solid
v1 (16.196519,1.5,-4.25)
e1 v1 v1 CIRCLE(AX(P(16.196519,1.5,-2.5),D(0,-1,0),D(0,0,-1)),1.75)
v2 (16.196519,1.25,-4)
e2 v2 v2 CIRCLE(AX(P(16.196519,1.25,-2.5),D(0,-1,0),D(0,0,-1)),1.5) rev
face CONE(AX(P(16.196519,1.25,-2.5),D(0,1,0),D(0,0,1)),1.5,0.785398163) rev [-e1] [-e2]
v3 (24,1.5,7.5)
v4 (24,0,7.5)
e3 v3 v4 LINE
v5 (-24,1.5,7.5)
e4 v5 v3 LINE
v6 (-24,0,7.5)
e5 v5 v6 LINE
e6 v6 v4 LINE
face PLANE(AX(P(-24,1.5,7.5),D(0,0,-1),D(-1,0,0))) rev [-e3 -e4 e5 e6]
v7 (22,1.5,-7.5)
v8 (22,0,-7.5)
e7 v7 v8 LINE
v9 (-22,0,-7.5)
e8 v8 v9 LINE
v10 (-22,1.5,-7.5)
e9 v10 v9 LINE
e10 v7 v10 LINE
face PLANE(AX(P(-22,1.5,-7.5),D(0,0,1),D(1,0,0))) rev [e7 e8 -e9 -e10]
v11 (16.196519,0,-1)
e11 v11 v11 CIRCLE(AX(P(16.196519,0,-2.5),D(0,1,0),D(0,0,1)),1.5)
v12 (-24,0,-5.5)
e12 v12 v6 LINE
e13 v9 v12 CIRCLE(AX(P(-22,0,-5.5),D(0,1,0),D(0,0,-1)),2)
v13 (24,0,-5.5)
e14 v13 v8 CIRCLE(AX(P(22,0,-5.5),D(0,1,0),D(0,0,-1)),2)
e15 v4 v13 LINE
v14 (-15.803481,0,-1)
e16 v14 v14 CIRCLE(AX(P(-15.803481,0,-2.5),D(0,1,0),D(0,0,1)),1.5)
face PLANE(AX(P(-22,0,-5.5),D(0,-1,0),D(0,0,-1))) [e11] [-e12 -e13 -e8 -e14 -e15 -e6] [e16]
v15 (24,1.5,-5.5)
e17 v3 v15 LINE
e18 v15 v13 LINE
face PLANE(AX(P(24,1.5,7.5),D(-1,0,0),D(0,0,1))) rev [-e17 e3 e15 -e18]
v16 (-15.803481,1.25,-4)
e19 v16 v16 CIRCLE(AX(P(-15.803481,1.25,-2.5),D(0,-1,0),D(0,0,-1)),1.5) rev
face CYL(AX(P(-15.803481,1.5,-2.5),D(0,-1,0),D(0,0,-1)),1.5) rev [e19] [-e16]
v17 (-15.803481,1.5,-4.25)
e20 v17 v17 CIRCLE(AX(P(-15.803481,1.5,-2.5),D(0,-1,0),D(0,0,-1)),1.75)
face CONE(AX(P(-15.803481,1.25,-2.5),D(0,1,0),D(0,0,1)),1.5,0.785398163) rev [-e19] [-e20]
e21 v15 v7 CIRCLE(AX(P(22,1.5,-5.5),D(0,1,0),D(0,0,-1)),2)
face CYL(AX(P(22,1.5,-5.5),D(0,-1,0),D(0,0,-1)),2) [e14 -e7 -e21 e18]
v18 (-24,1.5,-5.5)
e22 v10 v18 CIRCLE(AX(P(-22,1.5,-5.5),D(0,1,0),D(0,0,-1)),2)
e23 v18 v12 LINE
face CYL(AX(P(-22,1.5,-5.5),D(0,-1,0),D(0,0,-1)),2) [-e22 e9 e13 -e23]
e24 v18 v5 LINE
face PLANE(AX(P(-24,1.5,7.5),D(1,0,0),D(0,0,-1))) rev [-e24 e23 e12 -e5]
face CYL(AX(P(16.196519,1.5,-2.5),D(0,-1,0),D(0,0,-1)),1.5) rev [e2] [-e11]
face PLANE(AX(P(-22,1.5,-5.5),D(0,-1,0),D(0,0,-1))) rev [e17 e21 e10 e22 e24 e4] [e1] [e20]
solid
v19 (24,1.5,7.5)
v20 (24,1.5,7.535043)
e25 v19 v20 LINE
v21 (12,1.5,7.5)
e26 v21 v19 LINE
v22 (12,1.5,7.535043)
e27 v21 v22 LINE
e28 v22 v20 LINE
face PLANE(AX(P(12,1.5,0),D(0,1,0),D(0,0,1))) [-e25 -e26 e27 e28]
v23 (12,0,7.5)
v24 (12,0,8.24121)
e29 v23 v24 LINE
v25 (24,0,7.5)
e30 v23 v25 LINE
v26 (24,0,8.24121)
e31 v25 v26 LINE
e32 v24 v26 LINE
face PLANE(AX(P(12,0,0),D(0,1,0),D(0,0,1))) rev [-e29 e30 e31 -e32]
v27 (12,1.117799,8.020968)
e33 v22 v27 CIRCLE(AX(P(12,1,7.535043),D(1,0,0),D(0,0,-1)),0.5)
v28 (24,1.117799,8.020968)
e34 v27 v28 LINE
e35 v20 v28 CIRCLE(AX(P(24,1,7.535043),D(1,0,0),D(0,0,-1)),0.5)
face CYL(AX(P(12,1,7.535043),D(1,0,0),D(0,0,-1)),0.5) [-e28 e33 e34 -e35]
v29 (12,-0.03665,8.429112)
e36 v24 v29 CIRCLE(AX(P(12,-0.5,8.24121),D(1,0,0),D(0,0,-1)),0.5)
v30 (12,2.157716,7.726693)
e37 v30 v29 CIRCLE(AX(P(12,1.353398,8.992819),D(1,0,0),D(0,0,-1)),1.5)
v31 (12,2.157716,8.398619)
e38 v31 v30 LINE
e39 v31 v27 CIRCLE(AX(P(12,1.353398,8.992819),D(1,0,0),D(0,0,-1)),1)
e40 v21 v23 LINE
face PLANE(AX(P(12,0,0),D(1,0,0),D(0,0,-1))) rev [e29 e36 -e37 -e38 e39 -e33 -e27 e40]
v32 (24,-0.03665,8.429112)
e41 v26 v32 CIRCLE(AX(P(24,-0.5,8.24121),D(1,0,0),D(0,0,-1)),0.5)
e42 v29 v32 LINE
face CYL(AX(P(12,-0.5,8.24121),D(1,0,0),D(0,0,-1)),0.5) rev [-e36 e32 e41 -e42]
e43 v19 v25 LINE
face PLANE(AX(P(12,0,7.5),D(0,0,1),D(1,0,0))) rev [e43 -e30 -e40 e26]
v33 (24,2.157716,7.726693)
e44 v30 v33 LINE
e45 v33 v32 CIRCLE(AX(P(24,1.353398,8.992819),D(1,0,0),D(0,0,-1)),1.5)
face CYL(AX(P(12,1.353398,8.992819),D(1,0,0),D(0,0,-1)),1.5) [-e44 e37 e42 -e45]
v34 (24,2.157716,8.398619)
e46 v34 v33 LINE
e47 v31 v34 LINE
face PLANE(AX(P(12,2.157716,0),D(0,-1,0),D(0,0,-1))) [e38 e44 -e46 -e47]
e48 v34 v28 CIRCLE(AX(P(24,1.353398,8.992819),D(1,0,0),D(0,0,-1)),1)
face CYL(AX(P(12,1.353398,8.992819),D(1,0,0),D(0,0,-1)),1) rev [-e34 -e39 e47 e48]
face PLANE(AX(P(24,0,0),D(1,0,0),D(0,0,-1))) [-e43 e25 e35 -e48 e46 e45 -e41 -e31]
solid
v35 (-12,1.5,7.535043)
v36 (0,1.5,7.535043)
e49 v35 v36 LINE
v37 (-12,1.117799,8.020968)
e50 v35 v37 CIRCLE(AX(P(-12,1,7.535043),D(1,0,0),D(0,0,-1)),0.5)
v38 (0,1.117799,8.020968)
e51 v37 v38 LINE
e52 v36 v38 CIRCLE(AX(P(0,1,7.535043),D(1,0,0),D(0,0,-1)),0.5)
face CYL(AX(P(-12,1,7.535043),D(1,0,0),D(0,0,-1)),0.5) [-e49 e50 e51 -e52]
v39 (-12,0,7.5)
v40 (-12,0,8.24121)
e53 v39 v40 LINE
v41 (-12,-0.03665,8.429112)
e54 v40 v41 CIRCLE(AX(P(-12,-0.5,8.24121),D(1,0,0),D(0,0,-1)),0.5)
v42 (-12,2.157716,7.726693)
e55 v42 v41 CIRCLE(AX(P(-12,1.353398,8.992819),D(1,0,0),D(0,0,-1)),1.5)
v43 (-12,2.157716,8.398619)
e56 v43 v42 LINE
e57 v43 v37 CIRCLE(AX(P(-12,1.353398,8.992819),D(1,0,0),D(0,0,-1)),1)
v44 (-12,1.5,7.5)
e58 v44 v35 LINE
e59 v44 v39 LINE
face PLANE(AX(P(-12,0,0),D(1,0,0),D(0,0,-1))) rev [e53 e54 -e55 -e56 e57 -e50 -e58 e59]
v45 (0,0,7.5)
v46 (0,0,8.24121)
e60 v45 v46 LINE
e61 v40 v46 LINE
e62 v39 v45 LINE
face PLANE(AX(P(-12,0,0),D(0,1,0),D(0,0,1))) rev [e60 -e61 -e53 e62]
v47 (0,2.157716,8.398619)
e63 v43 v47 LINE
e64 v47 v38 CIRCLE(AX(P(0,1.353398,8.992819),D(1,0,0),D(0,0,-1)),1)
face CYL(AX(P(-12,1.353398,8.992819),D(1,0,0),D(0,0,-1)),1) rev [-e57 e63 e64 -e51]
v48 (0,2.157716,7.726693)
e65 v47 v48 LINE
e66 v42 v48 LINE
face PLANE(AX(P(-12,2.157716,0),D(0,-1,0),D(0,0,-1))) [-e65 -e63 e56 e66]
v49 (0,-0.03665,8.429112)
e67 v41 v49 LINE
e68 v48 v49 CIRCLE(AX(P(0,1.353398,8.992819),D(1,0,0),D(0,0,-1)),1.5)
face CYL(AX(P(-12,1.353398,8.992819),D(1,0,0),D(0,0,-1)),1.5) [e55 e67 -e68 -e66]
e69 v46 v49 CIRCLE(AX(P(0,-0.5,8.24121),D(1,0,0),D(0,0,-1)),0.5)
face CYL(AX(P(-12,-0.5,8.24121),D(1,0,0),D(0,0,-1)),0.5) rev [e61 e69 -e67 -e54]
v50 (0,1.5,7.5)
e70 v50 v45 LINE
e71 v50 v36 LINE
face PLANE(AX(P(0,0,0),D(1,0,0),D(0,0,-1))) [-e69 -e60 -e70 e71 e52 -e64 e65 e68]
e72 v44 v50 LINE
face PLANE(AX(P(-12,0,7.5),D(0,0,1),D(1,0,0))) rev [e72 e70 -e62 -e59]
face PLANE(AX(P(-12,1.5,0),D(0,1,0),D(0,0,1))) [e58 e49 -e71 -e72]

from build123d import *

# Parameters (mm, degrees)
SKETCH1_R           = 1.5
BOSS_EXTRUDE1_DEPTH = 1.5
BOSS_EXTRUDE2_DEPTH = 12
LPATTERN1_COUNT     = 2
LPATTERN1_PITCH     = 24
CHAMFER1_SIZE       = 0.25


with BuildPart() as part:
    # Sketch1 → Boss-Extrude1 (new body)
    with BuildSketch(Plane(origin=(0, 0, 0), x_dir=(1, 0, 0), z_dir=(0, 1, 0))):
        with BuildLine():
            Line((-24, -7.5), (24, -7.5))
            Line((24, -7.5), (24, 5.5))
            ThreePointArc((24, 5.5), (23.414213562, 6.914213562), (22, 7.5))
            Line((22, 7.5), (-22, 7.5))
            ThreePointArc((-22, 7.5), (-23.414213562, 6.914213562), (-24, 5.5))
            Line((-24, 5.5), (-24, -7.5))
        make_face()
        with Locations(Location((-15.803480629, 2.5, 0), (0, 0, 270))):
            Circle(SKETCH1_R, mode=Mode.SUBTRACT)
        with Locations(Location((16.196519371, 2.5, 0), (0, 0, 270))):
            Circle(SKETCH1_R, mode=Mode.SUBTRACT)
    extrude(amount=BOSS_EXTRUDE1_DEPTH)

    # Chamfer1
    chamfer1_edges = [part.edges().sort_by_distance(p)[0] for p in [
        (-15.803480629, 1.5, -4),
        (16.196519371, 1.5, -4),
    ]]
    chamfer(chamfer1_edges, length=CHAMFER1_SIZE)


with BuildPart() as body_2:
    # Sketch2 → Boss-Extrude2 (new body)
    with BuildSketch(Plane(origin=(24, 0, 0), x_dir=(0, 0, -1), z_dir=(1, 0, 0))):
        with BuildLine():
            ThreePointArc((-8.020968355, 1.117799371), (-9.932757452, 1.012054769), (-8.398619051, 2.157715643))
            Line((-8.398619051, 2.157715643), (-7.726693459, 2.157715643))
            ThreePointArc((-7.726693459, 2.157715643), (-10.421413085, 1.810692644), (-8.429112346, -0.036650472))
            ThreePointArc((-8.429112346, -0.036650472), (-8.336931769, -0.009248146), (-8.241210204, 0))
            Line((-8.241210204, 0), (-7.5, 0))
            Line((-7.5, 0), (-7.5, 1.206796223))
            Line((-7.5, 1.206796223), (-7.5, 1.5))
            Line((-7.5, 1.5), (-7.535043146, 1.5))
            ThreePointArc((-7.535043146, 1.5), (-7.844155031, 1.393001072), (-8.020968355, 1.117799371))
        make_face()
    boss_extrude2 = extrude(amount=-BOSS_EXTRUDE2_DEPTH)


with BuildPart() as lpattern1_1:
    # LPattern1: Boss-Extrude2 ×2
    with Locations(*[(-i * LPATTERN1_PITCH, 0, 0) for i in range(1, LPATTERN1_COUNT)]):
        add(boss_extrude2)


solid = Compound([part.part, body_2.part, lpattern1_1.part])
